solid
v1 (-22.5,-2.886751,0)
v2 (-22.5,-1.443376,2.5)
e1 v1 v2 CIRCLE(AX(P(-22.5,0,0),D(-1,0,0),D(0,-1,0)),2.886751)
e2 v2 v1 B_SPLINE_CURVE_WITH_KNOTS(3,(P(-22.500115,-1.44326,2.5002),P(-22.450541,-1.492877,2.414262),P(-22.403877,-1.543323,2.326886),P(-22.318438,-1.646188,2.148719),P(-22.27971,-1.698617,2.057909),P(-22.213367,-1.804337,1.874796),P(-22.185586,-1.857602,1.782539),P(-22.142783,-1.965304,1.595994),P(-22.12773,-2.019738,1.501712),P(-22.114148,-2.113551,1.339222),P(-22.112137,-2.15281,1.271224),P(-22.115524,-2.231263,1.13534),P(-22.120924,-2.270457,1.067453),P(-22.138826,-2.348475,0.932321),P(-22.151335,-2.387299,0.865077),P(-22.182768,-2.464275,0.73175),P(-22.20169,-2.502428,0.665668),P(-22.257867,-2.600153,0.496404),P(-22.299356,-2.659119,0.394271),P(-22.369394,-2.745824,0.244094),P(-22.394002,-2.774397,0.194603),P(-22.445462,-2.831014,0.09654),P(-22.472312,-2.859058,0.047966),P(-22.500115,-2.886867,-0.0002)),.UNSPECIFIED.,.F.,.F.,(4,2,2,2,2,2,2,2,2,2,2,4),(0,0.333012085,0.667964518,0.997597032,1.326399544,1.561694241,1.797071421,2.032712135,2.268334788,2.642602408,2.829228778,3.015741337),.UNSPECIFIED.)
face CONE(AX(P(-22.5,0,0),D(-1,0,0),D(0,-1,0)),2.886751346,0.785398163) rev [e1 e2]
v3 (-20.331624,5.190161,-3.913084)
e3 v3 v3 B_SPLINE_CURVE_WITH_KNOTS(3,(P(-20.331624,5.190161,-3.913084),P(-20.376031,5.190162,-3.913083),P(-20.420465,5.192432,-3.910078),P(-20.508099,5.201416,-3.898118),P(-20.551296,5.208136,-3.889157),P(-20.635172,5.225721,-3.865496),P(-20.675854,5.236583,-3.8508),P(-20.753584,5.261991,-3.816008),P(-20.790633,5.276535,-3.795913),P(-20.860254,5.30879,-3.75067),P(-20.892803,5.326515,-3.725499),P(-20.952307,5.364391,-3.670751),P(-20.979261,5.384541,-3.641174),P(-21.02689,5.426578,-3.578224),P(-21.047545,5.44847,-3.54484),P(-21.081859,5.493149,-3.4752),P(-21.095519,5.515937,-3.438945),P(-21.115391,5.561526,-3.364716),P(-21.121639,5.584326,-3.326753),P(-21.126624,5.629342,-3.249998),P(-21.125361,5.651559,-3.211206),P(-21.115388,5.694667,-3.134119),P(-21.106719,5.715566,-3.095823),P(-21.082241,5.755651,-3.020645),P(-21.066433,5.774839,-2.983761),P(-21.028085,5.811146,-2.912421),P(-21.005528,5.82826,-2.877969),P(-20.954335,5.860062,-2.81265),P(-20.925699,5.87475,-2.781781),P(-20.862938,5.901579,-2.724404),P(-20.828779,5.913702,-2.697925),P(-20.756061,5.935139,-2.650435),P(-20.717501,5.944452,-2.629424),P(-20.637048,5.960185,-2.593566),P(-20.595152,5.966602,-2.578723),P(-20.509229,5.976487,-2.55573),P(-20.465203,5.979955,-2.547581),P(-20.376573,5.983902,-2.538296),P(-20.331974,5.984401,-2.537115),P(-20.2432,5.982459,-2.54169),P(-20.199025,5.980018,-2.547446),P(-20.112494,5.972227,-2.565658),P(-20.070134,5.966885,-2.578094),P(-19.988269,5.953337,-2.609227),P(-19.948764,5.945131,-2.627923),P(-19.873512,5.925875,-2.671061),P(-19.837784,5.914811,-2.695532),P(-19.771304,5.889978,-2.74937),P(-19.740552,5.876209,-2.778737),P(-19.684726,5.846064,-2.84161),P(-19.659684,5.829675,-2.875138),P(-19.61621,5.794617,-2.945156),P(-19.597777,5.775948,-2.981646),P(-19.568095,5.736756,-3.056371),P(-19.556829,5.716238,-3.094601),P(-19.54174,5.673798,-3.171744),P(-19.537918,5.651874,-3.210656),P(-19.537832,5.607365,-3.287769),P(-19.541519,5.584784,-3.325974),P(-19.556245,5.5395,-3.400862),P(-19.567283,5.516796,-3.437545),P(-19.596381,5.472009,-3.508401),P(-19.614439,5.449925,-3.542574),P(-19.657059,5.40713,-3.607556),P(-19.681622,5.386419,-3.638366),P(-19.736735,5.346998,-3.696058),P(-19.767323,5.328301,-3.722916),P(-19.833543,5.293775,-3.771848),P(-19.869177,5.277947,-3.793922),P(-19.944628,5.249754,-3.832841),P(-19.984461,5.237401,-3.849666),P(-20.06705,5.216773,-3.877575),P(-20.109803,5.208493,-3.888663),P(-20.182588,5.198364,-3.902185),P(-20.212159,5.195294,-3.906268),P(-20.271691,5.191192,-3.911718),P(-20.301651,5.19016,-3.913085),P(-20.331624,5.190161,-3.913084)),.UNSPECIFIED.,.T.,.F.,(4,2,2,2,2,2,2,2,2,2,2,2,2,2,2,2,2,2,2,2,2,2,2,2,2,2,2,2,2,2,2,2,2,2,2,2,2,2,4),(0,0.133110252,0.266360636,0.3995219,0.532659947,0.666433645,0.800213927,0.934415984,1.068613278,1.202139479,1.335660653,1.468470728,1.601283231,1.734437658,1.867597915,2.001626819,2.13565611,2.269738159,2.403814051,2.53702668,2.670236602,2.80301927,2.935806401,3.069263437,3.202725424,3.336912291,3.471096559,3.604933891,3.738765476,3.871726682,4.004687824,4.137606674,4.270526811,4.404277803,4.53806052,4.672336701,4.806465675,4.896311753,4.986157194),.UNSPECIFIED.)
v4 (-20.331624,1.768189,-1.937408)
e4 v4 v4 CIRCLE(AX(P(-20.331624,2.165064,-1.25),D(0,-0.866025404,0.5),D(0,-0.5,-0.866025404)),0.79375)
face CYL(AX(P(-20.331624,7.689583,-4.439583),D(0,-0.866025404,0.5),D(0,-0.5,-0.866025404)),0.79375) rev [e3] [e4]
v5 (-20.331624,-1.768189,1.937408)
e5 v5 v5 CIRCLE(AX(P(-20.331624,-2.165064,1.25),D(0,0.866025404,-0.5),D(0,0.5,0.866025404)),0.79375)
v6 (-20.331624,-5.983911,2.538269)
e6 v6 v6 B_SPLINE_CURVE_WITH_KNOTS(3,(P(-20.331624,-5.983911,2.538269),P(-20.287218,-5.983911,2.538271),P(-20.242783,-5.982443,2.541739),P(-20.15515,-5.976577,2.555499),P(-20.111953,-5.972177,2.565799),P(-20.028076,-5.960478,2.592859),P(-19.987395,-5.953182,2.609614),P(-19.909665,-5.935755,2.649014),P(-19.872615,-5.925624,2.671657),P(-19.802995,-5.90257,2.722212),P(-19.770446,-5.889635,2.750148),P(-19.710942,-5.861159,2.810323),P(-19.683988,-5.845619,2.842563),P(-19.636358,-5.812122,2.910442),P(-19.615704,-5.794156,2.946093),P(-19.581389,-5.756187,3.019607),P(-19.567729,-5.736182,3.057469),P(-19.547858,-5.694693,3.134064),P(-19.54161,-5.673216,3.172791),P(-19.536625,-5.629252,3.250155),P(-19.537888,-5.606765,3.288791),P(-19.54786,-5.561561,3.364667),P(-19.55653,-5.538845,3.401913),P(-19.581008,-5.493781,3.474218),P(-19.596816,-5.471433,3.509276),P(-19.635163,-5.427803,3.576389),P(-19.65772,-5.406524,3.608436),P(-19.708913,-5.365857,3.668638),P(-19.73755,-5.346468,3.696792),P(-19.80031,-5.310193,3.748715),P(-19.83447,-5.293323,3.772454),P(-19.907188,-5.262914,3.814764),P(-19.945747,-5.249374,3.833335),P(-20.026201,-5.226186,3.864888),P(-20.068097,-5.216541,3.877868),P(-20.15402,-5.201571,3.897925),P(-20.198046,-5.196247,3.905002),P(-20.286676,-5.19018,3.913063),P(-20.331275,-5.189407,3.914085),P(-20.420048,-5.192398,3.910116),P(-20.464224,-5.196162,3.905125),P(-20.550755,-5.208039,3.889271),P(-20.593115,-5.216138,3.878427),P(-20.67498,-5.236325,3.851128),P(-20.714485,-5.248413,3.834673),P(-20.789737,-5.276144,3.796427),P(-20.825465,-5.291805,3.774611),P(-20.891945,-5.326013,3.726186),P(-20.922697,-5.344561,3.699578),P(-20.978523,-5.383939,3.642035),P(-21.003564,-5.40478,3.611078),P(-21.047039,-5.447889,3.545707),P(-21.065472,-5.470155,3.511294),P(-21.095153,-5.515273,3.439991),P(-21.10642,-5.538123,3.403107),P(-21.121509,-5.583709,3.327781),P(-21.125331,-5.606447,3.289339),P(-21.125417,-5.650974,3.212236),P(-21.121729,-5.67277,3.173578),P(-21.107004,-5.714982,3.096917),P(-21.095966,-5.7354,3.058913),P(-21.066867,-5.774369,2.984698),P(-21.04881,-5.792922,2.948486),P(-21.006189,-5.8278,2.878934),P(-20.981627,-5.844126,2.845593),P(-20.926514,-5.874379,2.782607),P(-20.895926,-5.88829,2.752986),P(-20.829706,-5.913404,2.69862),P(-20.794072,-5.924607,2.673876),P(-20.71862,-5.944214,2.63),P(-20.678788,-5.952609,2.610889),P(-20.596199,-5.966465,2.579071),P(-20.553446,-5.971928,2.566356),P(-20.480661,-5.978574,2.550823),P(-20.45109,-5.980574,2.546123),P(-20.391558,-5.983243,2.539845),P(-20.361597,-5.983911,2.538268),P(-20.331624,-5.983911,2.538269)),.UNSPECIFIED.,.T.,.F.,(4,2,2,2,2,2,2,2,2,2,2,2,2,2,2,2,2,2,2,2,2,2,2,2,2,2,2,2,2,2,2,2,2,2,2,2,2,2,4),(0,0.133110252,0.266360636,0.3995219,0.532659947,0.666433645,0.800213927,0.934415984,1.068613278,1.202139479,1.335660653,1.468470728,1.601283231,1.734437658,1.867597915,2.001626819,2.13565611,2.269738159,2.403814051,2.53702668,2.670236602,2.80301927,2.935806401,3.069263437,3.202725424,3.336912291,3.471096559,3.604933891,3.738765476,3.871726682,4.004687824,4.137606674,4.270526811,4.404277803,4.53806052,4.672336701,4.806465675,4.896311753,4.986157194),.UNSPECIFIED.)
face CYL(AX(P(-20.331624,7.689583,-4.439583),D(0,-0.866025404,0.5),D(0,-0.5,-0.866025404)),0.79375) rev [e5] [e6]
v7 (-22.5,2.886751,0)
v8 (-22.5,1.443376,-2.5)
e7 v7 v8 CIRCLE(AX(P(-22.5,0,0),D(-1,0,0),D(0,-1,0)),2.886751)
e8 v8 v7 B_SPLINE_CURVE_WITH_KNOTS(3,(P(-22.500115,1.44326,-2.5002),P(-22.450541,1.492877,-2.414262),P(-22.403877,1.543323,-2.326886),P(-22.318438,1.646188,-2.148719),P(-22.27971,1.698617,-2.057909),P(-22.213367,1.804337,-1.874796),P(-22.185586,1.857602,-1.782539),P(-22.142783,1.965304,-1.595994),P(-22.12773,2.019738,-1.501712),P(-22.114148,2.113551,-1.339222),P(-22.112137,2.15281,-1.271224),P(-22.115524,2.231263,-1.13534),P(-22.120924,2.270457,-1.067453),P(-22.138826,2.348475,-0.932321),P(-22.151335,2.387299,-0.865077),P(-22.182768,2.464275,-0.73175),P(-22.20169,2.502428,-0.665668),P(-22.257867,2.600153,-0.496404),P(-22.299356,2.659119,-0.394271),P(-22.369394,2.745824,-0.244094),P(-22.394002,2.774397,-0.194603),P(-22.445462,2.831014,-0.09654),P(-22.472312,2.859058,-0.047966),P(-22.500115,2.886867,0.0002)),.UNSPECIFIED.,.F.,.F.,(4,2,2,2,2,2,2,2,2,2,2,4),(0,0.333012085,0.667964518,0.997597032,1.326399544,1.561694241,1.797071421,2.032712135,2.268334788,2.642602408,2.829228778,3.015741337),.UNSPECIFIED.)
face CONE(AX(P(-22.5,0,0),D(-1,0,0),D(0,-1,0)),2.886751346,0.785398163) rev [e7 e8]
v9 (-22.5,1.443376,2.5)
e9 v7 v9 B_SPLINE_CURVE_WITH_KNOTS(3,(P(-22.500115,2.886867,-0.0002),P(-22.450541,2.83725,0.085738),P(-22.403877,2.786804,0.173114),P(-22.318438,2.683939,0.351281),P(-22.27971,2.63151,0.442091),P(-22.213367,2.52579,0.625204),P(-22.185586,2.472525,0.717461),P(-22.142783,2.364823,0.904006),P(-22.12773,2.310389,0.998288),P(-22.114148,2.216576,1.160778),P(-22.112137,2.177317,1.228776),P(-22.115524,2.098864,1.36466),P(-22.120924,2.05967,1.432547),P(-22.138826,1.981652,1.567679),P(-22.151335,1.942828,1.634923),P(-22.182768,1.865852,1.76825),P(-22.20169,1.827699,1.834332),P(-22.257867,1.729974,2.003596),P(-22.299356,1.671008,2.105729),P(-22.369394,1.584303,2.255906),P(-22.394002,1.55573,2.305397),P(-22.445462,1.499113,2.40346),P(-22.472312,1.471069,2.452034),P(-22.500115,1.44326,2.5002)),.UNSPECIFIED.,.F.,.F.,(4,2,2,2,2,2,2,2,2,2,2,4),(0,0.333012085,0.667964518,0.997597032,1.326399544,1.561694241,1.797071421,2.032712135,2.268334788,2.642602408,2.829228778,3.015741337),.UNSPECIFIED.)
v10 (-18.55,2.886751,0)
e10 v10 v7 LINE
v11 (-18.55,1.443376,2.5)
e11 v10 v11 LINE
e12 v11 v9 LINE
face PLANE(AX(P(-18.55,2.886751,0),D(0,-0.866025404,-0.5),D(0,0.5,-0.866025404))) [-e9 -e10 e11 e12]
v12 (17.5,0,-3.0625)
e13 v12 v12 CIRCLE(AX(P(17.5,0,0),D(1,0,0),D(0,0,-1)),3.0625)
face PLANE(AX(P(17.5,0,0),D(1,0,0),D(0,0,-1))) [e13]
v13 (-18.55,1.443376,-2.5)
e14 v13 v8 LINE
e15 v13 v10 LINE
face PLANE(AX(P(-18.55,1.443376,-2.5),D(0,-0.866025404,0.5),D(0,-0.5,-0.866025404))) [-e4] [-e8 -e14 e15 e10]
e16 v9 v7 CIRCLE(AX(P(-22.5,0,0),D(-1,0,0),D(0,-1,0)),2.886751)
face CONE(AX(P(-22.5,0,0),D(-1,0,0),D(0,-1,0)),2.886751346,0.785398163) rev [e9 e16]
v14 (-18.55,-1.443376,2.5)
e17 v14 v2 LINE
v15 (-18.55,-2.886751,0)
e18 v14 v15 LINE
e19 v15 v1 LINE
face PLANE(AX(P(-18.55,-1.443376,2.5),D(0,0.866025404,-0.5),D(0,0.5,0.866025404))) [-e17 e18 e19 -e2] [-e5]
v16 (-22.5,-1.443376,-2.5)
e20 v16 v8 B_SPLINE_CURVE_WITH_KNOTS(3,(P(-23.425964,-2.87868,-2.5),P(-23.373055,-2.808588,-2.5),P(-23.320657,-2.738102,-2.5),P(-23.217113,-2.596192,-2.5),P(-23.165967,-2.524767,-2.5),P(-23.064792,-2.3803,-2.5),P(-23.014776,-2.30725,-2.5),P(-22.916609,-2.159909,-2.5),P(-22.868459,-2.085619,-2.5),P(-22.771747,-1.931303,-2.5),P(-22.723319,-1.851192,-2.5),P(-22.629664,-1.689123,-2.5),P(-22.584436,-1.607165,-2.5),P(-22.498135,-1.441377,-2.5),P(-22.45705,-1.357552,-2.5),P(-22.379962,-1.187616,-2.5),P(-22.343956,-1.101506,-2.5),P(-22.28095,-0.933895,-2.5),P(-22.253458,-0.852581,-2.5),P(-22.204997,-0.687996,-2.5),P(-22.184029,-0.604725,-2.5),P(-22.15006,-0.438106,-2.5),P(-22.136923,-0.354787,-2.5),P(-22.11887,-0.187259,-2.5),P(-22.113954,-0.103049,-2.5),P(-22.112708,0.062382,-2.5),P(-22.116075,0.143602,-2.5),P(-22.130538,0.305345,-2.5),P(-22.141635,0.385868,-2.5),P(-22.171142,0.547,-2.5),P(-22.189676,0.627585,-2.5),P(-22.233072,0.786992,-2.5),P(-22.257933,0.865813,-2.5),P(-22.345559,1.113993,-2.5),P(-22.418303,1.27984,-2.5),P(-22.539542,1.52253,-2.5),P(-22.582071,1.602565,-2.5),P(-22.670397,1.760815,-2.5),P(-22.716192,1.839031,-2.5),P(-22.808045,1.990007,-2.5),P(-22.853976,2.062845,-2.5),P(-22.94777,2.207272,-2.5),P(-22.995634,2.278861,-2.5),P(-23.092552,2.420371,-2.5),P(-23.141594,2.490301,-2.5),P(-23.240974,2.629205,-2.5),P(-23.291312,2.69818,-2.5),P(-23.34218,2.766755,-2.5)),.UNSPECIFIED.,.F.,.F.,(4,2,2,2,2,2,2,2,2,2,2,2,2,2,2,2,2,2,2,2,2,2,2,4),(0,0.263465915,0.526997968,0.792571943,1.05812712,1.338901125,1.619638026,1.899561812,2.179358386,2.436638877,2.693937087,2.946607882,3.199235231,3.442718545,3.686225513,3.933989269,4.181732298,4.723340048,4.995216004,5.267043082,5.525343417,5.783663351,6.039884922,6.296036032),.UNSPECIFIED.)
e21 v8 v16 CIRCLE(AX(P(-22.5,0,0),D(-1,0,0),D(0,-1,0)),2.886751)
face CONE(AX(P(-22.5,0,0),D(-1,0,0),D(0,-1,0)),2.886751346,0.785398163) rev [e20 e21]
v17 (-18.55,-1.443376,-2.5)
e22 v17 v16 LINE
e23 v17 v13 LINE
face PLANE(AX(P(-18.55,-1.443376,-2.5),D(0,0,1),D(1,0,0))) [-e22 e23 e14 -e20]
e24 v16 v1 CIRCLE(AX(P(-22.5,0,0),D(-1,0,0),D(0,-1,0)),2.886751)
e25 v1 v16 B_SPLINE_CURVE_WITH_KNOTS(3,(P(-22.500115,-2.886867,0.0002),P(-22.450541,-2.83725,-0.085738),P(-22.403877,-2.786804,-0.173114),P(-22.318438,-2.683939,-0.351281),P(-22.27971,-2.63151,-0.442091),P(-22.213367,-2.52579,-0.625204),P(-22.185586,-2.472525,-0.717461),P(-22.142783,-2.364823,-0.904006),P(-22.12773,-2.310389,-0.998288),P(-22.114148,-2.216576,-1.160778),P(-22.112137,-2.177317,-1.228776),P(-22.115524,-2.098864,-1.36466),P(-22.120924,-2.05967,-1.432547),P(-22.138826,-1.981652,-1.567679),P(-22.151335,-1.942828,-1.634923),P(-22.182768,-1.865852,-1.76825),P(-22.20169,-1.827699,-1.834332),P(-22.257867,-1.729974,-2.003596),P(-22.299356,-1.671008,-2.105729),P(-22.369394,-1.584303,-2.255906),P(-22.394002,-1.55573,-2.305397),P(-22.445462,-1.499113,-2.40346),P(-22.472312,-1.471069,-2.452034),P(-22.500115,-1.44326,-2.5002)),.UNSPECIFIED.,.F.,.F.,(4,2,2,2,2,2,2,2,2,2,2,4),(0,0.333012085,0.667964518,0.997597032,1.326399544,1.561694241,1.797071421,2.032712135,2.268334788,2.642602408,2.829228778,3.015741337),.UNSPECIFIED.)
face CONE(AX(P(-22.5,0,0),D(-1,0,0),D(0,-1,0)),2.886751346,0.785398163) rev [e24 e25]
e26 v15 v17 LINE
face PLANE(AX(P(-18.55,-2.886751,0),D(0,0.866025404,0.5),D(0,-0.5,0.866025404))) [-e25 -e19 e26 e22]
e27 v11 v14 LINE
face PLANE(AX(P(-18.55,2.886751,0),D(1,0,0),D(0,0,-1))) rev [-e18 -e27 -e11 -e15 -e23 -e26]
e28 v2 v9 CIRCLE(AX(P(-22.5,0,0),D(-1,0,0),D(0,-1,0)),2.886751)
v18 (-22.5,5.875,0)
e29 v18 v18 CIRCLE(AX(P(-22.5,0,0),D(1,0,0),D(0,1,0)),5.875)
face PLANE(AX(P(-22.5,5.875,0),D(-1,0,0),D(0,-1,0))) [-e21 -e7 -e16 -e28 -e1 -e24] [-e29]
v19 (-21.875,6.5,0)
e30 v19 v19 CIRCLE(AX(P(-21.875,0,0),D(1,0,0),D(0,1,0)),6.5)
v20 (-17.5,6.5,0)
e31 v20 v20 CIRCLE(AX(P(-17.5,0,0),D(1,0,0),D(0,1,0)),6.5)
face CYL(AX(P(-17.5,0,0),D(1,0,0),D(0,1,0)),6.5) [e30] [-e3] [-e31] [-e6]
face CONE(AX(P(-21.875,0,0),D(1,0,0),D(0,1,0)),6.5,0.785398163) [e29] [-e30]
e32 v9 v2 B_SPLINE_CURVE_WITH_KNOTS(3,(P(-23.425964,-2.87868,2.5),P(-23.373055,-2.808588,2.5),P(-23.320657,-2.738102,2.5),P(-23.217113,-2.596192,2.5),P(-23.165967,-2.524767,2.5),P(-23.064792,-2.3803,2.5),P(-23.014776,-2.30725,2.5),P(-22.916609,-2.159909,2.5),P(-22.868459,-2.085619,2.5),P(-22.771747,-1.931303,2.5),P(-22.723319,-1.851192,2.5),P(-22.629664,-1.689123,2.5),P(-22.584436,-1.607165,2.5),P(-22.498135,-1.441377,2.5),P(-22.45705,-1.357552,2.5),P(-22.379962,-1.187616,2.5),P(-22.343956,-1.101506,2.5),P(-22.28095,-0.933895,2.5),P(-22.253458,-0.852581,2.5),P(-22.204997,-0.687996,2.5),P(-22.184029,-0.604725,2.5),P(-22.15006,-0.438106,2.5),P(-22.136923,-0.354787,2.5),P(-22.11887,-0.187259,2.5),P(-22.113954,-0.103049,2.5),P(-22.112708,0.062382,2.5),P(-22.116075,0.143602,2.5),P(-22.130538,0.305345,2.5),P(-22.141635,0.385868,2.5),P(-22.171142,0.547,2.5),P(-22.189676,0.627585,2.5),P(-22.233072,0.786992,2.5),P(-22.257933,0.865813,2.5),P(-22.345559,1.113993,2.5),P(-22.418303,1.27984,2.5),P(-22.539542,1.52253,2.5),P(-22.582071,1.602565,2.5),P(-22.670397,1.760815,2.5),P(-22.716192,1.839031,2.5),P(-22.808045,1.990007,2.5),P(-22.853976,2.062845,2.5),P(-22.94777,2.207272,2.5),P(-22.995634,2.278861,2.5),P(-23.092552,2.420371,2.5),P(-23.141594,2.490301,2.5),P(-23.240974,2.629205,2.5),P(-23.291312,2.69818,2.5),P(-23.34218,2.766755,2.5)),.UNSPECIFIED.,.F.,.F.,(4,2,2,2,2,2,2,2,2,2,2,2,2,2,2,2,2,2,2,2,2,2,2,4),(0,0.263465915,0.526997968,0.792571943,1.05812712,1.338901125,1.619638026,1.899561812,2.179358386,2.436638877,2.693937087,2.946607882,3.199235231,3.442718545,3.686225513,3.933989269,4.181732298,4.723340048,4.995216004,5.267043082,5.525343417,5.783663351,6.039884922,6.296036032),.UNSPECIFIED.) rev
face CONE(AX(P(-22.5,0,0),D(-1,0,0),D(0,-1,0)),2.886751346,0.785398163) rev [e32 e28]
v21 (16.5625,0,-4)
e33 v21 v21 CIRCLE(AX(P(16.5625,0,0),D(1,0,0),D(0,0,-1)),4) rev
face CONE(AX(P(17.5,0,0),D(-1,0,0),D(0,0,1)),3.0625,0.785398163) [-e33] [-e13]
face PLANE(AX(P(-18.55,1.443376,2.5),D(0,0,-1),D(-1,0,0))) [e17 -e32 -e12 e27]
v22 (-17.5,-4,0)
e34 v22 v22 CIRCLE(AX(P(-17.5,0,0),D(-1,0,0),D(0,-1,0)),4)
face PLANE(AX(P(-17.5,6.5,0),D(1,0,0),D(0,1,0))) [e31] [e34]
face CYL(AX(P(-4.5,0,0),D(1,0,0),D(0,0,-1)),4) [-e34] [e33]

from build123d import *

# Parameters (mm, degrees)
SKETCH2_R               = 4
BOSS_EXTRUDE1_DEPTH     = 22
CHAMFER1_SIZE           = 0.9375
CUT_EXTRUDE1_DEPTH      = 3.95
CUT_EXTRUDE3_DEPTH      = 26.325793682
CUT_EXTRUDE3_DEPTH_BACK = 26.325793682
SKETCH11_R              = 0.79375


with BuildPart() as part:
    # Sketch2 → Boss-Extrude1 (new body)
    with BuildSketch(Plane(origin=(17.5, 0, 0), x_dir=(0, 0, -1), z_dir=(1, 0, 0))):
        Circle(SKETCH2_R)
    extrude(amount=-BOSS_EXTRUDE1_DEPTH)

    # Chamfer1
    chamfer1_edges = [part.edges().sort_by_distance(p)[0] for p in [
        (17.5, 0, 4),
    ]]
    chamfer(chamfer1_edges, length=CHAMFER1_SIZE)

    # Sketch10 → Revolve2 (revolve)
    with BuildSketch(Plane.XY, mode=Mode.PRIVATE) as revolve2_sk:
        Polygon((-2.190598923, 0), (-4.5, 4), (-17.5, 4), (-17.5, 0), align=None)
    revolve(revolve2_sk.sketch.rotate(Axis((-17.5, 0, 0), (1, 0, 0)), 270), axis=Axis((-17.5, 0, 0), (1, 0, 0)))

    # Sketch6 → Revolve1 (revolve)
    with BuildSketch(Plane.XY):
        Polygon((-21.875, 6.5), (-22.5, 5.875), (-22.5, 0), (-17.5, 0), (-17.5, 6.5), align=None)
    revolve(axis=Axis((-17.5, 0, 0), (-1, 0, 0)))

    # Sketch4 → Cut-Extrude1 (cut)
    with BuildSketch(Plane(origin=(-22.5, 0, 0), x_dir=(0, 0, -1), z_dir=(1, 0, 0))):
        Polygon((0, 2.886751346), (-2.5, 1.443375673), (-2.5, -1.443375673), (0, -2.886751346), (2.5, -1.443375673), (2.5, 1.443375673), align=None)
    extrude(amount=CUT_EXTRUDE1_DEPTH, mode=Mode.SUBTRACT)

    # Cut-Extrude2 cone 1 section (through the dimple's axis) → Cut-Extrude2 (revolve, cut)
    with BuildSketch(Plane(origin=(-22.5, 0, 0), x_dir=(0, 0, 1), z_dir=(0, 1, 0))):
        Polygon((0, 0), (2.886751346, 0), (0, 2.886751346), align=None)
    revolve(axis=Axis((-22.5, 0, 0), (1, 0, 0)), mode=Mode.SUBTRACT)

    # Sketch11 → Cut-Extrude3 (cut, two sides: drawn at the far end of the back side and taken through both)
    with BuildSketch(Plane(origin=(0, 2.165063509, -1.25), x_dir=(1, 0, 0), z_dir=(0, -0.8660254037844387, 0.49999999999999994)).offset(-CUT_EXTRUDE3_DEPTH_BACK)):
        with Locations(Location((-20.331624369, 0, 0), (0, 0, 270))):
            Circle(SKETCH11_R)
    extrude(amount=CUT_EXTRUDE3_DEPTH + CUT_EXTRUDE3_DEPTH_BACK, mode=Mode.SUBTRACT)


solid = part.part
